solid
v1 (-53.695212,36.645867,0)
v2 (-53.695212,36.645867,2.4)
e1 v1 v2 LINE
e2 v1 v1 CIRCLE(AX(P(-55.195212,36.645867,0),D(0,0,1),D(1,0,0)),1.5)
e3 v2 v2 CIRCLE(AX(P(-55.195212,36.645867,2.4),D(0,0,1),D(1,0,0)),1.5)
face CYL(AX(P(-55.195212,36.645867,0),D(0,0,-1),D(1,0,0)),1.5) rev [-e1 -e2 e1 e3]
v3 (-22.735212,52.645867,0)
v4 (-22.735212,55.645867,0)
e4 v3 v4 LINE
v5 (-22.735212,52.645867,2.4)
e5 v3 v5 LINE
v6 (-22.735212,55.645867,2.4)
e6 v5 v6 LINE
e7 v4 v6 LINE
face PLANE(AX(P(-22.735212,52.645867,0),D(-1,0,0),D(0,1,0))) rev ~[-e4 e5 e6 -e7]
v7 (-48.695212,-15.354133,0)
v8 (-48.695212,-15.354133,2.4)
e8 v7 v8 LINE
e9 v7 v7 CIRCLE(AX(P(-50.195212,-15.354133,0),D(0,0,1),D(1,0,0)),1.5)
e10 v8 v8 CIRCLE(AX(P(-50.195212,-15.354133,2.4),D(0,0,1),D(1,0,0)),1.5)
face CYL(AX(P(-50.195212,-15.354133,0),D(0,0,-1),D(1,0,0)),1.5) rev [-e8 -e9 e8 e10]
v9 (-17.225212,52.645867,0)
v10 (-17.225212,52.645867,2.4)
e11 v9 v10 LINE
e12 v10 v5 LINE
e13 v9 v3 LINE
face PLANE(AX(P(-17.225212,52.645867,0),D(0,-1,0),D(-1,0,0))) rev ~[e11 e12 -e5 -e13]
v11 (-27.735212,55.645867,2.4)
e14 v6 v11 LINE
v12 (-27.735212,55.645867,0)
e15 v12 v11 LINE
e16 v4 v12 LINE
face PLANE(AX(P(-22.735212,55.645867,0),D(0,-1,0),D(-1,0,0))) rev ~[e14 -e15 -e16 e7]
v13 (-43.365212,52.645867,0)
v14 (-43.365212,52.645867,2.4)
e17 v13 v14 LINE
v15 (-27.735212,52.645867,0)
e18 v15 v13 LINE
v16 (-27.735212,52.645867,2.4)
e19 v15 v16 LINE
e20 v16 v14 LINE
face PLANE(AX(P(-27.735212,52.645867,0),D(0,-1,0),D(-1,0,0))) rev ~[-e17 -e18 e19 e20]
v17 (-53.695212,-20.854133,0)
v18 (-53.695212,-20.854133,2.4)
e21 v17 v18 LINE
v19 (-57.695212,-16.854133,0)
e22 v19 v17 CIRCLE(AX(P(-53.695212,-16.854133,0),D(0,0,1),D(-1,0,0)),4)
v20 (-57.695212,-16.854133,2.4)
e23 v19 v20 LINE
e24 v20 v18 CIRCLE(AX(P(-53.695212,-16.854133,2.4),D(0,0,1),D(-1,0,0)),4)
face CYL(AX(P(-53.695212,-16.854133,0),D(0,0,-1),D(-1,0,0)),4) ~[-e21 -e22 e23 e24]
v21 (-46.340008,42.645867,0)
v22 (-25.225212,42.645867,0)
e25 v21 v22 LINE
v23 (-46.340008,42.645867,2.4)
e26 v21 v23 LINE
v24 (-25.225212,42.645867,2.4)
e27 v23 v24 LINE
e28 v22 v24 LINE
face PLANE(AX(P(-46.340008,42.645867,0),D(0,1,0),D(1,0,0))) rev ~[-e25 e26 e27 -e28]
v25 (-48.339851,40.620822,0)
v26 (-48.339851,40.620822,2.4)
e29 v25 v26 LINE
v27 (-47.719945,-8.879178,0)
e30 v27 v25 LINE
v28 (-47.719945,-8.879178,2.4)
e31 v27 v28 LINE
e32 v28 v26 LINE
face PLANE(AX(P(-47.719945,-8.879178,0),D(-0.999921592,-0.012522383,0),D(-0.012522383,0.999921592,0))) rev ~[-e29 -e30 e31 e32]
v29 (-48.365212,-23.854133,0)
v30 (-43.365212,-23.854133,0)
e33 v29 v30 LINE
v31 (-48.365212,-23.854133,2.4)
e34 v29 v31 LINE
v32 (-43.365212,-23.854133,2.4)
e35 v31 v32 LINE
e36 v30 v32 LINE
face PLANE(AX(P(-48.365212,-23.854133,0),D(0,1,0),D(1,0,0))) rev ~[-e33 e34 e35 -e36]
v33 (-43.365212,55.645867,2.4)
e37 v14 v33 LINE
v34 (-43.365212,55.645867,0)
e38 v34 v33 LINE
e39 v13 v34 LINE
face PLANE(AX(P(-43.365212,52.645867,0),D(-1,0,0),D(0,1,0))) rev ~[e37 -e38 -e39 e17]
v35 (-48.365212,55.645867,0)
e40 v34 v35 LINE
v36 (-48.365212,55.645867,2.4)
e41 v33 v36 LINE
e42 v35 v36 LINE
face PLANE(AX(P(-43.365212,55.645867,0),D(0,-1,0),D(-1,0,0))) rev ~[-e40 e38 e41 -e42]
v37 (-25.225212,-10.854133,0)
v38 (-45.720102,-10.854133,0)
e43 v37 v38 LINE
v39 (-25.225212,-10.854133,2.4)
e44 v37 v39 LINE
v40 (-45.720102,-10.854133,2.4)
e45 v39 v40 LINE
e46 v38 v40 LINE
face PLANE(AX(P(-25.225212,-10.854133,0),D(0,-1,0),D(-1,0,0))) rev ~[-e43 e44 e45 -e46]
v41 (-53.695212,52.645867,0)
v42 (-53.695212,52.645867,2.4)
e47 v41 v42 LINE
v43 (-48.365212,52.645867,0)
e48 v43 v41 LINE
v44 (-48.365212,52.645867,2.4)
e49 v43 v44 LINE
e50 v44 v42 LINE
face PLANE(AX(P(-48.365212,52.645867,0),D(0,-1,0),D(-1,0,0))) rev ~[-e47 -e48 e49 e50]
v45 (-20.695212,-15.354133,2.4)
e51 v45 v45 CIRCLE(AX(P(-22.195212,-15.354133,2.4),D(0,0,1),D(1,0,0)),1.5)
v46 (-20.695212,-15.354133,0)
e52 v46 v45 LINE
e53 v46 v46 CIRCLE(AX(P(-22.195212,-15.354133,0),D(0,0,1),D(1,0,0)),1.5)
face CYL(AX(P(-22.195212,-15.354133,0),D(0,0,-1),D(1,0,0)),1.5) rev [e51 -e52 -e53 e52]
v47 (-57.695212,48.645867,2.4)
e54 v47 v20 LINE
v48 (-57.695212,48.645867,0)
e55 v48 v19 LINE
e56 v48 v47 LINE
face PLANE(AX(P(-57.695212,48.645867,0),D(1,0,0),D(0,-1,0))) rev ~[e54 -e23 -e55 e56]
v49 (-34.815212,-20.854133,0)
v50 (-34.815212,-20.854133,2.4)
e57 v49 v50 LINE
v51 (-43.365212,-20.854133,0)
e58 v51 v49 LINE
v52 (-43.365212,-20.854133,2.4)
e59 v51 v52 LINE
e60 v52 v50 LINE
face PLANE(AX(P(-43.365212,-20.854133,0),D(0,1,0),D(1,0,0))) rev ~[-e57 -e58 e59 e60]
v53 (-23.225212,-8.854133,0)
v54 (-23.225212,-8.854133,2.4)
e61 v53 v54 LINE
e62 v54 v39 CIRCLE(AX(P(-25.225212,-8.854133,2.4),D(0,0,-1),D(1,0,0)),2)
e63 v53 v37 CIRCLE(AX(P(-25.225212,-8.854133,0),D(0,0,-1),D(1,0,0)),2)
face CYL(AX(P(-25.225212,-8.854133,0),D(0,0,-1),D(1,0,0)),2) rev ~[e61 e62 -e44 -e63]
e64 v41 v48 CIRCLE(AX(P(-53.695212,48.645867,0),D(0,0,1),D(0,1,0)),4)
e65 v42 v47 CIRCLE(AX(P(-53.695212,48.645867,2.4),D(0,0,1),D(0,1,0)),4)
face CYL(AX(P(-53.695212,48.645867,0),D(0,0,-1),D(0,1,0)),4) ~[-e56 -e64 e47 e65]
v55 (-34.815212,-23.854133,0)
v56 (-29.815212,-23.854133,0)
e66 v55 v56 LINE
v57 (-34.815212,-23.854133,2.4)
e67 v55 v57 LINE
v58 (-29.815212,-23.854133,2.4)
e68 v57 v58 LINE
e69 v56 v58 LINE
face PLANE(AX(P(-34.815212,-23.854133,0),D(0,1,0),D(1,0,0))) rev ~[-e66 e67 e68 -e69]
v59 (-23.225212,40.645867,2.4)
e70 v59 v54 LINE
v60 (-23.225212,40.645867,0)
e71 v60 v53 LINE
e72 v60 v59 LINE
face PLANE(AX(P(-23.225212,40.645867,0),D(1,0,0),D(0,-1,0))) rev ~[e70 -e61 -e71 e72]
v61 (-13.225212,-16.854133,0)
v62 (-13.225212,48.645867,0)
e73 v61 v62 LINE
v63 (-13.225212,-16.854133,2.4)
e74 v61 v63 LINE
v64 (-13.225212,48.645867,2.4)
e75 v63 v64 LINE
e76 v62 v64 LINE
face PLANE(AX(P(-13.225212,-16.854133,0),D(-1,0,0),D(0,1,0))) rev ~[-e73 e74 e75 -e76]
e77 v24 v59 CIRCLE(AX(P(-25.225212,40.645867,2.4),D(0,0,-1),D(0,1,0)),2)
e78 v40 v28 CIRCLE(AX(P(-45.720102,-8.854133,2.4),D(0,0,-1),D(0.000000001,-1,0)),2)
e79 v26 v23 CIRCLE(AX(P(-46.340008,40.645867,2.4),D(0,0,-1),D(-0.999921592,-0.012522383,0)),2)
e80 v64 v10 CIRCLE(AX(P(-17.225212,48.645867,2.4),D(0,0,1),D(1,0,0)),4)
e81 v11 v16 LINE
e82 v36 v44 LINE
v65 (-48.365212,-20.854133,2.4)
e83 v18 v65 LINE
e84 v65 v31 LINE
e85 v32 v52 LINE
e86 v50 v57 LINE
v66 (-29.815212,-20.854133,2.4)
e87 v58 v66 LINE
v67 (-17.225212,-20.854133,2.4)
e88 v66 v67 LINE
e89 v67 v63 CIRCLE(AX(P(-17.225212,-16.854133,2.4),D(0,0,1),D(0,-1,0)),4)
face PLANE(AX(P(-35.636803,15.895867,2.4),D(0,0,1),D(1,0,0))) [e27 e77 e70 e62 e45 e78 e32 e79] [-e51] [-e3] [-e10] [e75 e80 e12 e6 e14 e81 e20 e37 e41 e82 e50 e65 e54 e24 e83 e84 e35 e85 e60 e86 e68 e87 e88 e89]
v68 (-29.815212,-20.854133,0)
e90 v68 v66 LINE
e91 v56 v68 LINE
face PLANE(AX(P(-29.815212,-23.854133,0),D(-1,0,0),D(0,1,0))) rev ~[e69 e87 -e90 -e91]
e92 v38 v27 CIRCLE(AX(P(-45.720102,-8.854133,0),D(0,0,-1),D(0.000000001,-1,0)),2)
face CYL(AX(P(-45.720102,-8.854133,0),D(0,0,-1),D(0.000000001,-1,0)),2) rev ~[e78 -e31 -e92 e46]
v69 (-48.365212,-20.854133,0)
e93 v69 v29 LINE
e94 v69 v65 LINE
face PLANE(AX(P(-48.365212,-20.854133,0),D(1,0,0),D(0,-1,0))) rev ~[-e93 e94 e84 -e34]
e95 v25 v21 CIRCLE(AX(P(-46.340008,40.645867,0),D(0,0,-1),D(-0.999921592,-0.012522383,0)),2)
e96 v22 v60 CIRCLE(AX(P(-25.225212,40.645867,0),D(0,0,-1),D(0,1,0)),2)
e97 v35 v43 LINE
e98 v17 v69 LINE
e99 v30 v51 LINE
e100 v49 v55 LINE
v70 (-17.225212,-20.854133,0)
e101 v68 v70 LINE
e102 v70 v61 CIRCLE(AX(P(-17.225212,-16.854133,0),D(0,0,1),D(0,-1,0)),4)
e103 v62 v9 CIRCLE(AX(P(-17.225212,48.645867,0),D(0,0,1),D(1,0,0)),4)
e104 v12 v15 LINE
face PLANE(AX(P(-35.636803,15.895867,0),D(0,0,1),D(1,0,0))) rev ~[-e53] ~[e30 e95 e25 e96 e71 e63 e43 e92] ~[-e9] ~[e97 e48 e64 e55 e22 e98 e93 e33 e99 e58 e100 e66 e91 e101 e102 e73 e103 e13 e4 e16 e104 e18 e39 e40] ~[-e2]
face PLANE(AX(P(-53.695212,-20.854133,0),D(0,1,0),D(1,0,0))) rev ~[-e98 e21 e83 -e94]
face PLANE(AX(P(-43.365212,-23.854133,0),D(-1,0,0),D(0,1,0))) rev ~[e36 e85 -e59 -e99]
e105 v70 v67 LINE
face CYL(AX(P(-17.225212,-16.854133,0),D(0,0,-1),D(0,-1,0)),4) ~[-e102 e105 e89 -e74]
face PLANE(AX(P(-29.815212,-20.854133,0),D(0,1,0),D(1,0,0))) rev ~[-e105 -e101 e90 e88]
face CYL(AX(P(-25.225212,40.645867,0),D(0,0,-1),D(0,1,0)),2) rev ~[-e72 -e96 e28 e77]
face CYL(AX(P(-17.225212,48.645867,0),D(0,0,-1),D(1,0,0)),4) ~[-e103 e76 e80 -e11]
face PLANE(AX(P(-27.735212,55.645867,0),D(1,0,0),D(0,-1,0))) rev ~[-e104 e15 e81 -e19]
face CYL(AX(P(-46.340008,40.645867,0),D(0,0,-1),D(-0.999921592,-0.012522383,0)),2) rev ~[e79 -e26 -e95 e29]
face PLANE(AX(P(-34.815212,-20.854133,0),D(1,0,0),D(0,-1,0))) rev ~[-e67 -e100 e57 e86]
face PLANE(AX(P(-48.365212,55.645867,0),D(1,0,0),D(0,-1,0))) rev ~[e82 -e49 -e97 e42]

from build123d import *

# Parameters (mm, degrees)
CROQUIS1_R              = 1.5
SALIENTE_EXTRUIR1_DEPTH = 2.4


with BuildPart() as part:
    # Croquis1 → Saliente-Extruir1 (new body)
    with BuildSketch(Plane.XY):
        with BuildLine():
            Line((-27.735211809, 52.645866632), (-43.365211809, 52.645866632))
            Line((-43.365211809, 52.645866632), (-43.365211809, 55.645866632))
            Line((-43.365211809, 55.645866632), (-48.365211809, 55.645866632))
            Line((-48.365211809, 55.645866632), (-48.365211809, 52.645866632))
            Line((-48.365211809, 52.645866632), (-53.695211809, 52.645866632))
            ThreePointArc((-53.695211809, 52.645866632), (-56.523638933, 51.474293757), (-57.695211809, 48.645866632))
            Line((-57.695211809, 48.645866632), (-57.695211809, -16.854133368))
            ThreePointArc((-57.695211809, -16.854133368), (-56.523638933, -19.682560493), (-53.695211809, -20.854133368))
            Line((-53.695211809, -20.854133368), (-48.365211809, -20.854133368))
            Line((-48.365211809, -20.854133368), (-48.365211809, -23.854133368))
            Line((-48.365211809, -23.854133368), (-43.365211809, -23.854133368))
            Line((-43.365211809, -23.854133368), (-43.365211809, -20.854133368))
            Line((-43.365211809, -20.854133368), (-34.815211809, -20.854133368))
            Line((-34.815211809, -20.854133368), (-34.815211809, -23.854133368))
            Line((-34.815211809, -23.854133368), (-29.815211809, -23.854133368))
            Line((-29.815211809, -23.854133368), (-29.815211809, -20.854133368))
            Line((-29.815211809, -20.854133368), (-17.225211809, -20.854133368))
            ThreePointArc((-17.225211809, -20.854133368), (-14.396784684, -19.682560493), (-13.225211809, -16.854133368))
            Line((-13.225211809, -16.854133368), (-13.225211809, 48.645866632))
            ThreePointArc((-13.225211809, 48.645866632), (-14.396784684, 51.474293757), (-17.225211809, 52.645866632))
            Line((-17.225211809, 52.645866632), (-22.735211809, 52.645866632))
            Line((-22.735211809, 52.645866632), (-22.735211809, 55.645866632))
            Line((-22.735211809, 55.645866632), (-27.735211809, 55.645866632))
            Line((-27.735211809, 55.645866632), (-27.735211809, 52.645866632))
        make_face()
        with Locations((-55.195211809, 36.645866632)):
            Circle(CROQUIS1_R, mode=Mode.SUBTRACT)
        with Locations((-50.195211809, -15.354133368)):
            Circle(CROQUIS1_R, mode=Mode.SUBTRACT)
        with Locations((-22.195211809, -15.354133368)):
            Circle(CROQUIS1_R, mode=Mode.SUBTRACT)
        with BuildLine():
            Line((-35.550211809, 42.645866632), (-25.225211809, 42.645866632))
            ThreePointArc((-25.225211809, 42.645866632), (-23.810998246, 42.060080194), (-23.225211809, 40.645866632))
            Line((-23.225211809, 40.645866632), (-23.225211809, -8.854133368))
            ThreePointArc((-23.225211809, -8.854133368), (-23.810998246, -10.26834693), (-25.225211809, -10.854133368))
            Line((-25.225211809, -10.854133368), (-45.720101709, -10.854133368))
            ThreePointArc((-45.720101709, -10.854133368), (-47.125432715, -10.277174044), (-47.719944893, -8.879178133))
            Line((-47.719944893, -8.879178133), (-48.339851435, 40.620821867))
            ThreePointArc((-48.339851435, 40.620821867), (-47.763048927, 42.051197638), (-46.340008251, 42.645866632))
            Line((-46.340008251, 42.645866632), (-35.550211809, 42.645866632))
        make_face(mode=Mode.SUBTRACT)
    extrude(amount=SALIENTE_EXTRUIR1_DEPTH)


solid = part.part
